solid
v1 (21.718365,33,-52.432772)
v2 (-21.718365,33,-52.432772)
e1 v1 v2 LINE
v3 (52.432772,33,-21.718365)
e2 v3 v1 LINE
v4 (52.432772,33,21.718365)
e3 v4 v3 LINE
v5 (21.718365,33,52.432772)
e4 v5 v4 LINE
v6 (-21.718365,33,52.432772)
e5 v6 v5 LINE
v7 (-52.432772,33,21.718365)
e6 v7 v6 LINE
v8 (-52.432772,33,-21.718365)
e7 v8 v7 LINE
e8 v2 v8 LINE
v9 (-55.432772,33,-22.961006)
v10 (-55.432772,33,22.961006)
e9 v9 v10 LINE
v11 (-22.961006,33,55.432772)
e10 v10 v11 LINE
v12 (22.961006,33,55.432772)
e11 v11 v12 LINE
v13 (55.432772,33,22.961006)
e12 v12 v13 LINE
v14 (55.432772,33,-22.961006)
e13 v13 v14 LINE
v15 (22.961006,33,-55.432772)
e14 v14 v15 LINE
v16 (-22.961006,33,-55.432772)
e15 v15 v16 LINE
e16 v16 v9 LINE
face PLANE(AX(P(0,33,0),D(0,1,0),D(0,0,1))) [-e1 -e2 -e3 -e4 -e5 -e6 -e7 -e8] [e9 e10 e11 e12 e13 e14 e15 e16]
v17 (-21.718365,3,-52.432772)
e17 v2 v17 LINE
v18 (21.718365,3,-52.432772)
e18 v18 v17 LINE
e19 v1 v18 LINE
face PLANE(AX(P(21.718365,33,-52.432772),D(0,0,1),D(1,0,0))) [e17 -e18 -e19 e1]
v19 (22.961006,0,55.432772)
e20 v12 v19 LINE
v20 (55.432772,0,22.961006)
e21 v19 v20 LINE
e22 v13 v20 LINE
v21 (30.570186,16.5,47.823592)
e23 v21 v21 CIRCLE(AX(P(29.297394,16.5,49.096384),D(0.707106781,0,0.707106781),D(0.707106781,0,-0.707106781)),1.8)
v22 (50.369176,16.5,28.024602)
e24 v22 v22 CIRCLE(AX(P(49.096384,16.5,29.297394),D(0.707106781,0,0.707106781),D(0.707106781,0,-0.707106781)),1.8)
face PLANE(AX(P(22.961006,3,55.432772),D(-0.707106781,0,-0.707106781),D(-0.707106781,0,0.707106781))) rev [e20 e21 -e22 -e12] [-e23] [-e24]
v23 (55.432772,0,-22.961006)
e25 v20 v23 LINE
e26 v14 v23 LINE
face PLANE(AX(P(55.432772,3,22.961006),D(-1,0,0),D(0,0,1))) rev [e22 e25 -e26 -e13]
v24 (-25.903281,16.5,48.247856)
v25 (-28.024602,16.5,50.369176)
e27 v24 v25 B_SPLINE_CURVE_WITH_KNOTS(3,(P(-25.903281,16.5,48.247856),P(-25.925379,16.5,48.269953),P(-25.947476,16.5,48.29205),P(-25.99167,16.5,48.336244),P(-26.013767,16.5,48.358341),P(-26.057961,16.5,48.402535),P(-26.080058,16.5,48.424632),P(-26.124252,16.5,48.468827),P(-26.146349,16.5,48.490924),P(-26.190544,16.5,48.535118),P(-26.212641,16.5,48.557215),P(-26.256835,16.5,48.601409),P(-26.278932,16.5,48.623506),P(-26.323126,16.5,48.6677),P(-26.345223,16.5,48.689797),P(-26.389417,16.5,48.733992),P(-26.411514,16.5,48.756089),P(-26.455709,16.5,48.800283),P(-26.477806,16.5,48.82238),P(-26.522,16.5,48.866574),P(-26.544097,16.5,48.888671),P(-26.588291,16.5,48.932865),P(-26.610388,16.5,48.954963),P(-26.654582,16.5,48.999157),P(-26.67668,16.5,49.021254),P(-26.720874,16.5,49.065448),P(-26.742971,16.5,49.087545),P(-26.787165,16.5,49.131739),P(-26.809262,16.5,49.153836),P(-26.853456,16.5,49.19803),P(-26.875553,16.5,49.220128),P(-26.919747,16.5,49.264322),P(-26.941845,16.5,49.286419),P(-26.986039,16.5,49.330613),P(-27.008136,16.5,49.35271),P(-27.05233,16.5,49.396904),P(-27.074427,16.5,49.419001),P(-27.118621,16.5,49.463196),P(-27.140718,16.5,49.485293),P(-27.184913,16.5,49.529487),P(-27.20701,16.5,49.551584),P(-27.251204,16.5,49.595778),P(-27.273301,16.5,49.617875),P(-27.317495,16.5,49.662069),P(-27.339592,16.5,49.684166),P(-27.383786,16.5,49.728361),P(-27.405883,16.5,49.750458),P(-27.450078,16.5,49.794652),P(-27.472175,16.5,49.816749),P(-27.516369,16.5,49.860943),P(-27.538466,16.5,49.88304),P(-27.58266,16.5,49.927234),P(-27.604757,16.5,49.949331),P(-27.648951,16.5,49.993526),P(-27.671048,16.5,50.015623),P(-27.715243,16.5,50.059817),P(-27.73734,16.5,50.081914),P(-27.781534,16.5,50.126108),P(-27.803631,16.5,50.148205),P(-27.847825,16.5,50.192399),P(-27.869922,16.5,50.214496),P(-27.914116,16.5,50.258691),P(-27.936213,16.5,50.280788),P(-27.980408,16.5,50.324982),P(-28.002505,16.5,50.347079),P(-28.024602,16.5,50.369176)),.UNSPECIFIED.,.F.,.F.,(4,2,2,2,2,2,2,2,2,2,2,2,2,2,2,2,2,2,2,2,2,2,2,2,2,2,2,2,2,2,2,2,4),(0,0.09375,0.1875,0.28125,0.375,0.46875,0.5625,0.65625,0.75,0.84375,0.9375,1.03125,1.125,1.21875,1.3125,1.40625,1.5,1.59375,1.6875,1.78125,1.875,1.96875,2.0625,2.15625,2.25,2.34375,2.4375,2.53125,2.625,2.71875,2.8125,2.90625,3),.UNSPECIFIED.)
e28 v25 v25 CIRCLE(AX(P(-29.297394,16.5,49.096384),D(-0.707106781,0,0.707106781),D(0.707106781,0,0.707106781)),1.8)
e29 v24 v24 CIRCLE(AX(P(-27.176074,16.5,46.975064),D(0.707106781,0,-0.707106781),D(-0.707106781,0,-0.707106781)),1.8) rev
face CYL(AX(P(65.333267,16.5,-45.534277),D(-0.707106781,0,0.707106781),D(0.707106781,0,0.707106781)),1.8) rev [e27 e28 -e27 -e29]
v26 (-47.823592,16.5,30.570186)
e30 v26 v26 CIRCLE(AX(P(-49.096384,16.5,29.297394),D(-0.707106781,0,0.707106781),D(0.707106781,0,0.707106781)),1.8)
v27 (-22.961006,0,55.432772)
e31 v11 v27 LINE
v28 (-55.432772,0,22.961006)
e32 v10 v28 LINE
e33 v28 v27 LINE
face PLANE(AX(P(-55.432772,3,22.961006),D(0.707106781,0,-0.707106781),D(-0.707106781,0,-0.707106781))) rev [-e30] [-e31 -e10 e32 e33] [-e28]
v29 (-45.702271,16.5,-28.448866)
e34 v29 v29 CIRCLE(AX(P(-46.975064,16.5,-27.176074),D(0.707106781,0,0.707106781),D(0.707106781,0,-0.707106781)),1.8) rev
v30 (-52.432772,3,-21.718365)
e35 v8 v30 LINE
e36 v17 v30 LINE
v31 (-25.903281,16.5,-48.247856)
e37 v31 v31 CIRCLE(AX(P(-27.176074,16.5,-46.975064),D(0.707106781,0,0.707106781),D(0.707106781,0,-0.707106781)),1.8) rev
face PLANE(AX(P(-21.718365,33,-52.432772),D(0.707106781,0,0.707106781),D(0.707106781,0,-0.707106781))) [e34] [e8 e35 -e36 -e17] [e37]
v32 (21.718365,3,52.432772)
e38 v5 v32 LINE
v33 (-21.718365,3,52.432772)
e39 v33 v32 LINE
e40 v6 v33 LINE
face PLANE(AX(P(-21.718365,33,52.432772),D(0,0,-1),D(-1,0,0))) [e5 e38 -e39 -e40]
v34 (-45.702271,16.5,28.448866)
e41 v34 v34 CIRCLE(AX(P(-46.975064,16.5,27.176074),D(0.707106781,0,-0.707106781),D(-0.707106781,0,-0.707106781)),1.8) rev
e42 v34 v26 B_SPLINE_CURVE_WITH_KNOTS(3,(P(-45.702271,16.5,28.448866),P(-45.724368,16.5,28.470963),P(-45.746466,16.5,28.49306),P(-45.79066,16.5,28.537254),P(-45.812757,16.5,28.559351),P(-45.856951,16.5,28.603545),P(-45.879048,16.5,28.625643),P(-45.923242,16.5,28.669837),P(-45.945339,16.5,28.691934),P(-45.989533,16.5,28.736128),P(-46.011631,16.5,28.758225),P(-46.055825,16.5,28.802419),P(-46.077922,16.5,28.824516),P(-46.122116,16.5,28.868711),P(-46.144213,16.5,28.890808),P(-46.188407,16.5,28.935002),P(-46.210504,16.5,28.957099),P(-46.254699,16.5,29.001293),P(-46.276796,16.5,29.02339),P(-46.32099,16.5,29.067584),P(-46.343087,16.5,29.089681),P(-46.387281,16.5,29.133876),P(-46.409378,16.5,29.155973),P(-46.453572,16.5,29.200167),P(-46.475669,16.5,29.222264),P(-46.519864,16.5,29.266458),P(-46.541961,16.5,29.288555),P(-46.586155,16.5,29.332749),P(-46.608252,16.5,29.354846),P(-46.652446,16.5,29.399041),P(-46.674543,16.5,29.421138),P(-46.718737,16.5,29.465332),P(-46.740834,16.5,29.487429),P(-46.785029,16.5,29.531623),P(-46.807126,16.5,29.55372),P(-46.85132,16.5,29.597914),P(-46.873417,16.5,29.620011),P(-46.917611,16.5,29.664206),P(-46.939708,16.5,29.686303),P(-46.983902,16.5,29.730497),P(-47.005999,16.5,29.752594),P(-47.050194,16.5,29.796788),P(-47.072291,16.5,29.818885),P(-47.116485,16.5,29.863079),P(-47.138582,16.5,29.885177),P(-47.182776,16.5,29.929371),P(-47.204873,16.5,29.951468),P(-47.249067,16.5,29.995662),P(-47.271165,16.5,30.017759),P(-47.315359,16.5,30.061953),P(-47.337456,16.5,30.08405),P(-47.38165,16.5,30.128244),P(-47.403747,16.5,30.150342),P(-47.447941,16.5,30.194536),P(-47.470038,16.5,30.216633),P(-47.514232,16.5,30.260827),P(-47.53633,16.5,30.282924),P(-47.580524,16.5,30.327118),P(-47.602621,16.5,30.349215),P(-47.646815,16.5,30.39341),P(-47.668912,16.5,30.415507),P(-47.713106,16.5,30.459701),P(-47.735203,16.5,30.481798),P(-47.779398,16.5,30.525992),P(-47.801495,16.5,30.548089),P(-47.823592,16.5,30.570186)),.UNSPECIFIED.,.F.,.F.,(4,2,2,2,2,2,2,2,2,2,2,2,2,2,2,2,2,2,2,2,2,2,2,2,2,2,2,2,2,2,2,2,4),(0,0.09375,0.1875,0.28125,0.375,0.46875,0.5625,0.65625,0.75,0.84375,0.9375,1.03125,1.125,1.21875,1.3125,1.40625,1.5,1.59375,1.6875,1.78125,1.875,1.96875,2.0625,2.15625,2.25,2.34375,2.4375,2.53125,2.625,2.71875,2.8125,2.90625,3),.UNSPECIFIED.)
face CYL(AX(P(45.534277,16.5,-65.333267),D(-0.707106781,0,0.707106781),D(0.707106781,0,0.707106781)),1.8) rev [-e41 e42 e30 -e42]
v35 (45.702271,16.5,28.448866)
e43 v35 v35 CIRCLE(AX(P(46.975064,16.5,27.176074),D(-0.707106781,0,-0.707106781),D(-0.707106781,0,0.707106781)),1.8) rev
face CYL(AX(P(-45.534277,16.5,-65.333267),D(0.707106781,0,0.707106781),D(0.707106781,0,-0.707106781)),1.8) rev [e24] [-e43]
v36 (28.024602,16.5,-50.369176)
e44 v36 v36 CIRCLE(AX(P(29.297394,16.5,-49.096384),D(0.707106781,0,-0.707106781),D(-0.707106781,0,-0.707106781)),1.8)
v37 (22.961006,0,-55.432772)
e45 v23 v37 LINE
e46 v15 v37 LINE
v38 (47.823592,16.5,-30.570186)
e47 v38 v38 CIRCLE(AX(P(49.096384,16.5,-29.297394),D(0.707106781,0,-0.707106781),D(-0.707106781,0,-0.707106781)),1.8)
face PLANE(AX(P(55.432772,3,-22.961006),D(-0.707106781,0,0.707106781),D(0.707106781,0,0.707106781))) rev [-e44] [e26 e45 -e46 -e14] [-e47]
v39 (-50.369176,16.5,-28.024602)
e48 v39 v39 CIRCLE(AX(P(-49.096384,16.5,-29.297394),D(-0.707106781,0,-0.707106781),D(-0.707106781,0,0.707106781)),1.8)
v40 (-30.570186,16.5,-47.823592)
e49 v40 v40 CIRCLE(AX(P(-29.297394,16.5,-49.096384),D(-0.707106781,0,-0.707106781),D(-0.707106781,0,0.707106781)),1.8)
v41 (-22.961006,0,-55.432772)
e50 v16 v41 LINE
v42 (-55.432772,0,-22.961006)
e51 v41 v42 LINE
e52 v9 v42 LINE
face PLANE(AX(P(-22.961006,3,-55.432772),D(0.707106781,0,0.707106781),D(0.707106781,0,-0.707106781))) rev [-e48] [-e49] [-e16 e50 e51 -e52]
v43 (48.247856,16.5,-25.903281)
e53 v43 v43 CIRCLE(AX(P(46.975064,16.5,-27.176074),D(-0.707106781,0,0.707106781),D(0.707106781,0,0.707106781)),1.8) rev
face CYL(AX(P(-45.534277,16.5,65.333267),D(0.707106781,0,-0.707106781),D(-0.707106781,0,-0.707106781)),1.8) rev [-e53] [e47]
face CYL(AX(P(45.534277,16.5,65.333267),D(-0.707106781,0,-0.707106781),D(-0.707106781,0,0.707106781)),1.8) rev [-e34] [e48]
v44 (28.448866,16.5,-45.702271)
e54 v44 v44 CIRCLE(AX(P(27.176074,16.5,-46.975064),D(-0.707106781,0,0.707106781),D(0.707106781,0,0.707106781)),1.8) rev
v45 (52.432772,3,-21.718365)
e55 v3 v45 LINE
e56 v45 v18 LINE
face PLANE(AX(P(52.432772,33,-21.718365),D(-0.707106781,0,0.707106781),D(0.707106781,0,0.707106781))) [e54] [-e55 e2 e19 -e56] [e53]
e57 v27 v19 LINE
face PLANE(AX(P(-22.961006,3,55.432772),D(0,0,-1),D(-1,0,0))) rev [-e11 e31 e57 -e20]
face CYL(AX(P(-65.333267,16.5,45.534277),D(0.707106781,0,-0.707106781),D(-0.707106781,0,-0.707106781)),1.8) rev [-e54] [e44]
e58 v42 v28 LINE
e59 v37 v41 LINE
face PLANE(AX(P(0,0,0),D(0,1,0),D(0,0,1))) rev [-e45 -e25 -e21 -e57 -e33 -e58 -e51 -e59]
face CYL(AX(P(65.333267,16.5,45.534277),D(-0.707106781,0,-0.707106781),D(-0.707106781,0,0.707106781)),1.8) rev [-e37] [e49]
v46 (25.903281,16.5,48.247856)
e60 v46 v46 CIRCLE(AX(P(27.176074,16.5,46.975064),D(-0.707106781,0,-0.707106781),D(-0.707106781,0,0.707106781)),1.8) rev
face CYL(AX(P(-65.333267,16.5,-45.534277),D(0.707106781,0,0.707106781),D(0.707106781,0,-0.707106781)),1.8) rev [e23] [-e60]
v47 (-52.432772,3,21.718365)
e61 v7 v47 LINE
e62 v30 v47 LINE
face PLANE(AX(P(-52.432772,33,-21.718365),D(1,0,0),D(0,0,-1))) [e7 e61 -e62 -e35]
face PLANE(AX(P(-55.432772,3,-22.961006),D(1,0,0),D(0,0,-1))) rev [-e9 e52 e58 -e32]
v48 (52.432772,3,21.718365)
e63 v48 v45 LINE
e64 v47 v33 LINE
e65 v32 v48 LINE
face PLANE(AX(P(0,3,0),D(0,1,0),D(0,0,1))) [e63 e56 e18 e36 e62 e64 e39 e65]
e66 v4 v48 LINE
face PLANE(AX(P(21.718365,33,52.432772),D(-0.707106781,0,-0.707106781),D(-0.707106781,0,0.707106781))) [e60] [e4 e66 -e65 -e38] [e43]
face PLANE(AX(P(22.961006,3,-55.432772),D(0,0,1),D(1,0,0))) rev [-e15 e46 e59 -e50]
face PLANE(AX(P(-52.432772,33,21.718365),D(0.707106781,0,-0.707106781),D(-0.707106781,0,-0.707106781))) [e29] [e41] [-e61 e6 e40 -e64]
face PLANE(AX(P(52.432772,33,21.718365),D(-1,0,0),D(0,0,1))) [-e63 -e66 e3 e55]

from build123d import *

# Parameters (mm, degrees)
BOSS_EXTRUDE1_DEPTH = 3
BOSS_EXTRUDE2_DEPTH = 30
CUT_EXTRUDE1_REACH  = 139.835
SKETCH3_R           = 1.8
CIRPATTERN1_COUNT   = 4


with BuildPart() as part:
    # Sketch1 → Boss-Extrude1 (new body)
    with BuildSketch(Plane(origin=(0, 0, 0), x_dir=(1, 0, 0), z_dir=(0, 1, 0))):
        Polygon((55.432771951, 22.961005942), (22.961005942, 55.432771951), (-22.961005942, 55.432771951), (-55.432771951, 22.961005942), (-55.432771951, -22.961005942), (-22.961005942, -55.432771951), (22.961005942, -55.432771951), (55.432771951, -22.961005942), align=None)
    extrude(amount=BOSS_EXTRUDE1_DEPTH)

    # Sketch2 → Boss-Extrude2 (add)
    with BuildSketch(Plane(origin=(0, 3, 0), x_dir=(1, 0, 0), z_dir=(0, 1, 0))):
        Polygon((55.432771951, -22.961005942), (55.432771951, 22.961005942), (22.961005942, 55.432771951), (-22.961005942, 55.432771951), (-55.432771951, 22.961005942), (-55.432771951, -22.961005942), (-22.961005942, -55.432771951), (22.961005942, -55.432771951), align=None)
        Polygon((52.432771951, -21.718365255), (52.432771951, 21.718365255), (21.718365255, 52.432771951), (-21.718365255, 52.432771951), (-52.432771951, 21.718365255), (-52.432771951, -21.718365255), (-21.718365255, -52.432771951), (21.718365255, -52.432771951), align=None, mode=Mode.SUBTRACT)
    extrude(amount=BOSS_EXTRUDE2_DEPTH)

    # Sketch3 → Cut-Extrude1 (cut, up to next)
    with BuildSketch(Plane(origin=(39.196888946, 0, 39.196888946), x_dir=(0.7071067811865475, 0, -0.7071067811865477), z_dir=(0.7071067811865477, 0, 0.7071067811865475)), mode=Mode.PRIVATE) as cut_extrude1_sk1:
        with Locations((-14, 16.5)):
            Circle(SKETCH3_R)
    cut_extrude1_tool1 = extrude(cut_extrude1_sk1.sketch, amount=-CUT_EXTRUDE1_REACH, mode=Mode.PRIVATE) & part.part
    # Sketch3 → Cut-Extrude1 (cut, up to next)
    with BuildSketch(Plane(origin=(39.196888946, 0, 39.196888946), x_dir=(0.7071067811865475, 0, -0.7071067811865477), z_dir=(0.7071067811865477, 0, 0.7071067811865475)), mode=Mode.PRIVATE) as cut_extrude1_sk2:
        with Locations((14, 16.5)):
            Circle(SKETCH3_R)
    cut_extrude1_tool2 = extrude(cut_extrude1_sk2.sketch, amount=-CUT_EXTRUDE1_REACH, mode=Mode.PRIVATE) & part.part
    cut_extrude1_1 = cut_extrude1_tool1.solids().sort_by_distance((29.297394, 16.5, 49.096384))[0]
    add(cut_extrude1_1, mode=Mode.SUBTRACT)
    cut_extrude1_2 = cut_extrude1_tool2.solids().sort_by_distance((49.096384, 16.5, 29.297394))[0]
    add(cut_extrude1_2, mode=Mode.SUBTRACT)
    cut_extrude1 = cut_extrude1_1 + cut_extrude1_2  # Cut-Extrude1 as one shape, for the pattern or mirror that repeats it

    # CirPattern1: Cut-Extrude1 ×4 about axis
    cirpattern1_axis = Axis((0, 0, 0), (0, 1, 0))
    for i in range(1, CIRPATTERN1_COUNT):
        add(cut_extrude1.rotate(cirpattern1_axis, i * 360 / CIRPATTERN1_COUNT), mode=Mode.SUBTRACT)


solid = part.part
